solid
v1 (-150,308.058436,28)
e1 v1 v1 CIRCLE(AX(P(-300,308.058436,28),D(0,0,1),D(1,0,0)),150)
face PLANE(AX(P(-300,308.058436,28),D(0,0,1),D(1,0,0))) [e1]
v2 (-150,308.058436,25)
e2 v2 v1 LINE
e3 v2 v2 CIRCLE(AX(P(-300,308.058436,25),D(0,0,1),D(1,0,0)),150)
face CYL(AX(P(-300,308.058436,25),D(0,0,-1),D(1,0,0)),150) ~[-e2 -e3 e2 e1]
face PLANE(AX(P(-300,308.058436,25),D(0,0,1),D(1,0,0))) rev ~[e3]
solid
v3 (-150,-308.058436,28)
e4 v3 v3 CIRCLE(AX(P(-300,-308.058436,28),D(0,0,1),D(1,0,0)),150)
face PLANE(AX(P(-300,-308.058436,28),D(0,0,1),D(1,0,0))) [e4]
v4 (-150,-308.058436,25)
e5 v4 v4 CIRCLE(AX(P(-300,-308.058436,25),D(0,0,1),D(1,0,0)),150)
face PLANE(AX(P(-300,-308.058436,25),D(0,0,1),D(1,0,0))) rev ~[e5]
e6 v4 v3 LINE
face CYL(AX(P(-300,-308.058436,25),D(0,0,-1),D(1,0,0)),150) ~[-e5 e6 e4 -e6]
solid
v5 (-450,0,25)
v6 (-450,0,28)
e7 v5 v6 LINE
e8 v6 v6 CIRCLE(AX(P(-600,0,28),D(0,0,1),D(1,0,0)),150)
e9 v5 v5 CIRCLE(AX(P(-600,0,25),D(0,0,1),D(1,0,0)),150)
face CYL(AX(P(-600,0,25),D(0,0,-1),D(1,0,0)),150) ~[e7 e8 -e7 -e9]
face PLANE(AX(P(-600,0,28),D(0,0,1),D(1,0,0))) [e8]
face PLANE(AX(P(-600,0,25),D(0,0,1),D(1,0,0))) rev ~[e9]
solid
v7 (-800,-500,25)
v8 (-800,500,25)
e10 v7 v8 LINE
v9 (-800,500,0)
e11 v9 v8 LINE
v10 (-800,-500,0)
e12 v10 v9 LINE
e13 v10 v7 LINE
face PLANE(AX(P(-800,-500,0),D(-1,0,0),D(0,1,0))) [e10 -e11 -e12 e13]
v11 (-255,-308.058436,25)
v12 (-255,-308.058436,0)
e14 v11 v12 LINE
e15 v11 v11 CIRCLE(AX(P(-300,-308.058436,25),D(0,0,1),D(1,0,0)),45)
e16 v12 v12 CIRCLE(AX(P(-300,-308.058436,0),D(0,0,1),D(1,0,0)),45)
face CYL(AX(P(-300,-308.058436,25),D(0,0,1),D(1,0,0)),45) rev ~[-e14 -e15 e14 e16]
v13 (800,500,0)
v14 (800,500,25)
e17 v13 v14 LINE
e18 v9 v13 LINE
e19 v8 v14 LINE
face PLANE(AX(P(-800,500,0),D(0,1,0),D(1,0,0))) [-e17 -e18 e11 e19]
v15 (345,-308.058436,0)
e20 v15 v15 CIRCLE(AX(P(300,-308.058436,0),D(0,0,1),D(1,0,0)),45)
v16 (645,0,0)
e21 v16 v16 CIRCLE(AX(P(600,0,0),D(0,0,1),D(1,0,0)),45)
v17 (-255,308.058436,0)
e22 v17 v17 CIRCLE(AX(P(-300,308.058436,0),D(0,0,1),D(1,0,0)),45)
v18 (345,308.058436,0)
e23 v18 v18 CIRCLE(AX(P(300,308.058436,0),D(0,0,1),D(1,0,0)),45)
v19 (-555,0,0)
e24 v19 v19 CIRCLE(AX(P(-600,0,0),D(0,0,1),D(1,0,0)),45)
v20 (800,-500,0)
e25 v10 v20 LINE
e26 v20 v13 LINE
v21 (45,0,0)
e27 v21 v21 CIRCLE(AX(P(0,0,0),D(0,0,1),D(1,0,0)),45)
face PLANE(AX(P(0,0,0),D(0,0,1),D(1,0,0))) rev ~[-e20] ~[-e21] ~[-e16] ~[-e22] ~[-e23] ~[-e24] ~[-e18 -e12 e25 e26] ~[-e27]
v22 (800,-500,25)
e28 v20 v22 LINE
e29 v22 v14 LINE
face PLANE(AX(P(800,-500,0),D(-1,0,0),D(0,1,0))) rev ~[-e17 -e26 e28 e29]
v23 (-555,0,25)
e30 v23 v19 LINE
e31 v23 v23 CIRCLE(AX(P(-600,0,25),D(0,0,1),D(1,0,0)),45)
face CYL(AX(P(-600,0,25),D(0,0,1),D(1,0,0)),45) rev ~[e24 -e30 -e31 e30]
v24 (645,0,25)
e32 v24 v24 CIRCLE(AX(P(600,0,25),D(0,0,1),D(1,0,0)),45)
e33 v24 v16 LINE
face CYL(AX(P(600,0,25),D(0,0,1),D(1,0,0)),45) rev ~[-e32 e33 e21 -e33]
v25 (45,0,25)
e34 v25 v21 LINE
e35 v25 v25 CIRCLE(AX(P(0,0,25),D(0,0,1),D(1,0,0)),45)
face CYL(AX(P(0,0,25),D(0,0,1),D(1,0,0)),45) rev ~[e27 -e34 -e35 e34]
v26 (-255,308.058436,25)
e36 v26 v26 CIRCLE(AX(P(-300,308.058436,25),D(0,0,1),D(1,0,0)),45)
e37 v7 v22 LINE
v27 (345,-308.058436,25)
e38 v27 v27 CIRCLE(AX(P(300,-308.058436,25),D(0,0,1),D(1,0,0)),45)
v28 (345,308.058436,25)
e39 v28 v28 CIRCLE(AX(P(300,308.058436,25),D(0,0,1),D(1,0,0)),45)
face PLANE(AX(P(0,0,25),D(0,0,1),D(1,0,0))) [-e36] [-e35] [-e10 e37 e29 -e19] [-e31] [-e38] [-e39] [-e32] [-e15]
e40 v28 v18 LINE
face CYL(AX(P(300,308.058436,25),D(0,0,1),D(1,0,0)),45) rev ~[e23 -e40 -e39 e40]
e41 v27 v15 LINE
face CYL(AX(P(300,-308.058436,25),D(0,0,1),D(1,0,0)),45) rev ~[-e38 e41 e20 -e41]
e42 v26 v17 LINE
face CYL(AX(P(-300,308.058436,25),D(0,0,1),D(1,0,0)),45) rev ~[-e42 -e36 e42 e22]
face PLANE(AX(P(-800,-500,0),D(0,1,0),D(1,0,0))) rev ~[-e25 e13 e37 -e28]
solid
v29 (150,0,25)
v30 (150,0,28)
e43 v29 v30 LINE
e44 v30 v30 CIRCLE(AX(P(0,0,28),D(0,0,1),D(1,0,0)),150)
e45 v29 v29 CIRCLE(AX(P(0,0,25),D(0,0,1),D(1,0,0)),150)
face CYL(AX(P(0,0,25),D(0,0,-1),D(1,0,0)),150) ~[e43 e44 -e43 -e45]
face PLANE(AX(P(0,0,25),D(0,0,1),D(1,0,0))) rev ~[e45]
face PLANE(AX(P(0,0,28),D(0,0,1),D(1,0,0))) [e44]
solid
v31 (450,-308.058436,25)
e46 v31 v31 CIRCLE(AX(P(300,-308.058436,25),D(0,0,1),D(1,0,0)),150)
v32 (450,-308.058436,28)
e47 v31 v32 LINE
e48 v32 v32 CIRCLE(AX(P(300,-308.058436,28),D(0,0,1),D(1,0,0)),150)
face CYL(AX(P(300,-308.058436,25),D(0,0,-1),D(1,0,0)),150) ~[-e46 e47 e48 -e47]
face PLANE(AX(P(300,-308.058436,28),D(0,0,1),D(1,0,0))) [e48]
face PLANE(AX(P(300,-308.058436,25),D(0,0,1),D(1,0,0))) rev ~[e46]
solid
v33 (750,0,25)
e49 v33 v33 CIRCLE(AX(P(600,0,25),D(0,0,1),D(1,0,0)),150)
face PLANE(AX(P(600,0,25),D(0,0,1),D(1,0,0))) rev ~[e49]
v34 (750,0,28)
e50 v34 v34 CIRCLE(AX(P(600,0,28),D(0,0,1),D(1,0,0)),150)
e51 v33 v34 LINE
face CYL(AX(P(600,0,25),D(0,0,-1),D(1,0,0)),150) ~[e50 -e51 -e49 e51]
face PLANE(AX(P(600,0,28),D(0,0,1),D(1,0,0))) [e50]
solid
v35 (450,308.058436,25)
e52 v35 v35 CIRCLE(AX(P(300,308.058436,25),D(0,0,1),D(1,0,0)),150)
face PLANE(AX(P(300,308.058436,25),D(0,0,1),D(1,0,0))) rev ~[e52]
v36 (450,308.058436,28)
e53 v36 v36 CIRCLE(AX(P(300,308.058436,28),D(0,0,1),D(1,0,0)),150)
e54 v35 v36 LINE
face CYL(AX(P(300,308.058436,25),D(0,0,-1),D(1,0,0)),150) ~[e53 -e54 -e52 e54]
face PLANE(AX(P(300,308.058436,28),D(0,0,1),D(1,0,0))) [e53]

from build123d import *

# Parameters (mm, degrees)
F0_W     = 1600
F0_H     = 1000
F1_DEPTH = 25
F2_R     = 45
F3_DEPTH = 25
F2_R_2   = 150
F4_DEPTH = 3


with BuildPart() as f1:
    # F0 (on Top) → F1 (new body)
    with BuildSketch(Plane.XY):
        Rectangle(F0_W, F0_H)
    extrude(amount=F1_DEPTH)

    # F2 (on face) → F3 (cut)
    with BuildSketch(Plane.XY.offset(25)):
        with Locations((-600, 0)):
            Circle(F2_R)
        with Locations((-300, 308.058436015)):
            Circle(F2_R)
        with Locations((300, 308.058436015)):
            Circle(F2_R)
        with Locations((600, 0)):
            Circle(F2_R)
        Circle(F2_R)
        with Locations((300, -308.058436015)):
            Circle(F2_R)
        with Locations((-300, -308.058436015)):
            Circle(F2_R)
    extrude(amount=-F3_DEPTH, mode=Mode.SUBTRACT)


with BuildPart() as f4:
    # F2 (on face) → F4 (new body)
    with BuildSketch(Plane.XY.offset(25)):
        with Locations((-600, 0)):
            Circle(F2_R_2)
        with Locations((-600, 0)):
            Circle(F2_R, mode=Mode.SUBTRACT)
        with Locations((-600, 0)):
            Circle(F2_R)
    extrude(amount=F4_DEPTH)


with BuildPart() as f4b:
    # F2 (on face) → F4, piece 2 (new body)
    with BuildSketch(Plane.XY.offset(25)):
        with Locations((-300, 308.058436015)):
            Circle(F2_R_2)
        with Locations((-300, 308.058436015)):
            Circle(F2_R, mode=Mode.SUBTRACT)
        with Locations((-300, 308.058436015)):
            Circle(F2_R)
    extrude(amount=F4_DEPTH)


with BuildPart() as f4c:
    # F2 (on face) → F4, piece 3 (new body)
    with BuildSketch(Plane.XY.offset(25)):
        Circle(F2_R_2)
        Circle(F2_R, mode=Mode.SUBTRACT)
        Circle(F2_R)
    extrude(amount=F4_DEPTH)


with BuildPart() as f4d:
    # F2 (on face) → F4, piece 4 (new body)
    with BuildSketch(Plane.XY.offset(25)):
        with Locations((300, 308.058436015)):
            Circle(F2_R_2)
        with Locations((300, 308.058436015)):
            Circle(F2_R, mode=Mode.SUBTRACT)
        with Locations((300, 308.058436015)):
            Circle(F2_R)
    extrude(amount=F4_DEPTH)


with BuildPart() as f4e:
    # F2 (on face) → F4, piece 5 (new body)
    with BuildSketch(Plane.XY.offset(25)):
        with Locations((300, -308.058436015)):
            Circle(F2_R_2)
        with Locations((300, -308.058436015)):
            Circle(F2_R, mode=Mode.SUBTRACT)
        with Locations((300, -308.058436015)):
            Circle(F2_R)
    extrude(amount=F4_DEPTH)


with BuildPart() as f4f:
    # F2 (on face) → F4, piece 6 (new body)
    with BuildSketch(Plane.XY.offset(25)):
        with Locations((-300, -308.058436015)):
            Circle(F2_R_2)
        with Locations((-300, -308.058436015)):
            Circle(F2_R, mode=Mode.SUBTRACT)
        with Locations((-300, -308.058436015)):
            Circle(F2_R)
    extrude(amount=F4_DEPTH)


with BuildPart() as f4g:
    # F2 (on face) → F4, piece 7 (new body)
    with BuildSketch(Plane.XY.offset(25)):
        with Locations((600, 0)):
            Circle(F2_R_2)
        with Locations((600, 0)):
            Circle(F2_R, mode=Mode.SUBTRACT)
        with Locations((600, 0)):
            Circle(F2_R)
    extrude(amount=F4_DEPTH)


solid = Compound([f1.part, f4.part, f4b.part, f4c.part, f4d.part, f4e.part, f4f.part, f4g.part])
